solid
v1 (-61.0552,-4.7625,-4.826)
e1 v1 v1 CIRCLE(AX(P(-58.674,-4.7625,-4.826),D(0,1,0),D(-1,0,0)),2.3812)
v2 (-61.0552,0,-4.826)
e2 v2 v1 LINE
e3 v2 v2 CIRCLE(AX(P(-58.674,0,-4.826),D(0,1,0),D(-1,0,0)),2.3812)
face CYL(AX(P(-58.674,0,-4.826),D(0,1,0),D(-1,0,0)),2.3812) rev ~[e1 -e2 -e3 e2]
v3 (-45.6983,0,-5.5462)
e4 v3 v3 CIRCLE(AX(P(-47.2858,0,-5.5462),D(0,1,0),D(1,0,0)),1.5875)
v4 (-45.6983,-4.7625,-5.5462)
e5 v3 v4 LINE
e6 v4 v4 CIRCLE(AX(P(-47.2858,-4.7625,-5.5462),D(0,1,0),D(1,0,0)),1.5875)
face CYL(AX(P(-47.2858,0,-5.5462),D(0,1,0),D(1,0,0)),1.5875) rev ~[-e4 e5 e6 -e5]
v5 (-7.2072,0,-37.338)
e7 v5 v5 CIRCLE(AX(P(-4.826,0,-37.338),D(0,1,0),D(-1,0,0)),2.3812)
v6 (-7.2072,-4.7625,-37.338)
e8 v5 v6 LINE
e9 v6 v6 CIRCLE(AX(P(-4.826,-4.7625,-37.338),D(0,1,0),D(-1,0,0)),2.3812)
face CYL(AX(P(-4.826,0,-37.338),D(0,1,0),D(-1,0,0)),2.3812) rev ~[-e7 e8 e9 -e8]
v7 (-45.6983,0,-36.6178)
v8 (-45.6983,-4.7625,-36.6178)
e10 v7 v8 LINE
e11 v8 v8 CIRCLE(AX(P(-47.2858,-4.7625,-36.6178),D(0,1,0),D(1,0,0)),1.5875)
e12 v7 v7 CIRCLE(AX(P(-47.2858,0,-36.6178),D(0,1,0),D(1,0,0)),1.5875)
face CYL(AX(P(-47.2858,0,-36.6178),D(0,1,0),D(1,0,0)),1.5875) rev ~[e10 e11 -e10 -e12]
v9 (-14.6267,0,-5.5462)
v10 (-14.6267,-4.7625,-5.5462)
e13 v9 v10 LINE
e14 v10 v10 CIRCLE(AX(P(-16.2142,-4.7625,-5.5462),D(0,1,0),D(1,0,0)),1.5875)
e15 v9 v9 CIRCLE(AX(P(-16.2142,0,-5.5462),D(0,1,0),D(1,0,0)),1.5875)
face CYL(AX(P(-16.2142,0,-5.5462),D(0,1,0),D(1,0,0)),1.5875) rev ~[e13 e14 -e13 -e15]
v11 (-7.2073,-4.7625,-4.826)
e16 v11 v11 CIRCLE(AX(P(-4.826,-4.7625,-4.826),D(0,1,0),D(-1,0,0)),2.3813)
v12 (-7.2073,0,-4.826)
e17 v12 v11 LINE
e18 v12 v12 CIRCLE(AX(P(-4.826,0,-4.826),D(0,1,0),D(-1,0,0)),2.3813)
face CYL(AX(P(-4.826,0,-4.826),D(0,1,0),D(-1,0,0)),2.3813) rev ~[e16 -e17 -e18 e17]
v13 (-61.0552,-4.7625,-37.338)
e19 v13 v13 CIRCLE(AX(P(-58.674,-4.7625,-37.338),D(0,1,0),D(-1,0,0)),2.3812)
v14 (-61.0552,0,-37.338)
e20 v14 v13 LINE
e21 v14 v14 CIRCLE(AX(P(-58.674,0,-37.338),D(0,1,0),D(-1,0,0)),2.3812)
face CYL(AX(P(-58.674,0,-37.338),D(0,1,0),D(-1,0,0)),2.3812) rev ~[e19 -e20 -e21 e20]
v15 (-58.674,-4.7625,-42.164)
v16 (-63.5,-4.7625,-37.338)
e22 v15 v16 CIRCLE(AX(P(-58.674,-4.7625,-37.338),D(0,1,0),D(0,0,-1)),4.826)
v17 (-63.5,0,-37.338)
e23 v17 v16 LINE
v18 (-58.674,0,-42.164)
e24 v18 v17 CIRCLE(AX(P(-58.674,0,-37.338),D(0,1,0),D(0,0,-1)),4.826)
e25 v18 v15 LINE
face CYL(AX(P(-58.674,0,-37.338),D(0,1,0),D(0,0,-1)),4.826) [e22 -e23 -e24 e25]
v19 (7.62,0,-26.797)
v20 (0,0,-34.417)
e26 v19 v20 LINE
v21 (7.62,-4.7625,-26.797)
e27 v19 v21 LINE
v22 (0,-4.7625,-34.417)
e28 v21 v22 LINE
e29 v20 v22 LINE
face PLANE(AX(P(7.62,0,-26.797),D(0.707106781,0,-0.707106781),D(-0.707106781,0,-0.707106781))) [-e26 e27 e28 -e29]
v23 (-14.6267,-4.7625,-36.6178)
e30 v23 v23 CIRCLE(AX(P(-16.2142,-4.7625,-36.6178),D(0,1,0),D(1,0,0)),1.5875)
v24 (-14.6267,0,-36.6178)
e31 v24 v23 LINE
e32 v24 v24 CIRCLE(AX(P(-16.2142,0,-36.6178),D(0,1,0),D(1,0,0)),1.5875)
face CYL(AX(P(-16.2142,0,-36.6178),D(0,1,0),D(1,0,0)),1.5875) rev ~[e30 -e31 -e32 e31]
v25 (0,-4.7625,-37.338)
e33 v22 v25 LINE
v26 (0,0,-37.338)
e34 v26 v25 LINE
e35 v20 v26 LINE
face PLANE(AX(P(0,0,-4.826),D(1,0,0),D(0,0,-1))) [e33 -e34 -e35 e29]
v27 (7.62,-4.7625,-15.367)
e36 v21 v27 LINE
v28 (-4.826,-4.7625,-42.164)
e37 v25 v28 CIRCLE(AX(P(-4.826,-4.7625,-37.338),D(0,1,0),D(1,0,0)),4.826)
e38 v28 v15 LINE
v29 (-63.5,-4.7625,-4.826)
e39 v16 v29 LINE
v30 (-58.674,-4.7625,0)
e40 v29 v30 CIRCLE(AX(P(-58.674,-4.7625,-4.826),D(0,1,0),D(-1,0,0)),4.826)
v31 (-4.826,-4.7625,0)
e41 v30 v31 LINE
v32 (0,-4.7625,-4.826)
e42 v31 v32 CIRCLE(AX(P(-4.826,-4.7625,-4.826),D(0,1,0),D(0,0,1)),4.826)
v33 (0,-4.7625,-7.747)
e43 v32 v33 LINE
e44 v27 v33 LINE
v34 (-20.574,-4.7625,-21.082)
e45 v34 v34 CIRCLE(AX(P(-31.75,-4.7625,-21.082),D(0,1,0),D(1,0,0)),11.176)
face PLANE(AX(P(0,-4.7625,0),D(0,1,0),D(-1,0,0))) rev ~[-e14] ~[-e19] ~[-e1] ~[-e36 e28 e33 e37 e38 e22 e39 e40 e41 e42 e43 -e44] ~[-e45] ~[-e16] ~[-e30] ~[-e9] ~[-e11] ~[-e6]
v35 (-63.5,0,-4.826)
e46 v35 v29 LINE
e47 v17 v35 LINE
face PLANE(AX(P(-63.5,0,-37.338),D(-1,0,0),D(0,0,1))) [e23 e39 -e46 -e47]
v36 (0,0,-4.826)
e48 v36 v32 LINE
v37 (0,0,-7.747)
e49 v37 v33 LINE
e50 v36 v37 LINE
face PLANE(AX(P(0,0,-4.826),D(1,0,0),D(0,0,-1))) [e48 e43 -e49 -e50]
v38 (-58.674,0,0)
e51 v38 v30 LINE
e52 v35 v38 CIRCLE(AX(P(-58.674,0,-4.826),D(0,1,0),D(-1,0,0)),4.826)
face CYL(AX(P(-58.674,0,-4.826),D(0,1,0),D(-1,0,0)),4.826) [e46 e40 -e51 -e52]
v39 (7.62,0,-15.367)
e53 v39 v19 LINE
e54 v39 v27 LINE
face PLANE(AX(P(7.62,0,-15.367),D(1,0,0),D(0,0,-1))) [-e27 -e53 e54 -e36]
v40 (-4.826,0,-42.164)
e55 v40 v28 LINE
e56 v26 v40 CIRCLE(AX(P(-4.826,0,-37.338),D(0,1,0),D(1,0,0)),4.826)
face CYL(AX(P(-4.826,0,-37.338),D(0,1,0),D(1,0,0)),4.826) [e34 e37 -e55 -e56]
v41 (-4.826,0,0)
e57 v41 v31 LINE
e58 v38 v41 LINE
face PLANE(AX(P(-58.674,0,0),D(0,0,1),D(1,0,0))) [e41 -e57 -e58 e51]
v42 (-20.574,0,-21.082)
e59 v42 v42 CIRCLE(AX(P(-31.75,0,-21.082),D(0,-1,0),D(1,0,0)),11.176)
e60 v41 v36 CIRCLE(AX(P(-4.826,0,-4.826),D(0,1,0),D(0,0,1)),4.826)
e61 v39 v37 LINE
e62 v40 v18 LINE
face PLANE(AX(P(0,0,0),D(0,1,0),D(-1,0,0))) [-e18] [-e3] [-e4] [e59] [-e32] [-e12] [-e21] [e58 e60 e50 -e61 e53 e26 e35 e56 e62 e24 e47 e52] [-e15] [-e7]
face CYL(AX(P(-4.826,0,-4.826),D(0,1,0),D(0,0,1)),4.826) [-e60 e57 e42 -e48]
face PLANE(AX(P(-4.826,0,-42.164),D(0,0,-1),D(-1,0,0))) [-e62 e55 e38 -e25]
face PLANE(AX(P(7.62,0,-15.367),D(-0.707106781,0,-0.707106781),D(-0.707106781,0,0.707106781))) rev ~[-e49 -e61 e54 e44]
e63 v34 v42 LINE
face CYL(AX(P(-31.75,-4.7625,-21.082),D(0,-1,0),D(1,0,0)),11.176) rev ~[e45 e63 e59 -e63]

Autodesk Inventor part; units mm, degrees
ref_plane "YZ Plane" through (0, 0, 0) normal (1, 0, 0) x (0, 1, 0)
ref_plane "XZ Plane" through (0, 0, 0) normal (0, 1, 0) x (-1, 0, 0)
ref_plane "XY Plane" through (0, 0, 0) normal (0, 0, 1) x (1, 0, 0)
sketch "Sketch1" plane through (0, 0, 0) normal (0, 1, 0) x (-1, 0, 0)
  line L0 (0, -4.826) -> (0, -37.338)
  line L1 (4.826, -42.164) -> (58.674, -42.164)
  line L2 (63.5, -37.338) -> (63.5, -4.826)
  line L3 (58.674, 0) -> (4.826, 0)
  arc A0 (4.826, 0) -> (0, -4.826) centre (4.826, -4.826) ccw
  arc A1 (63.5, -4.826) -> (58.674, 0) centre (58.674, -4.826) ccw
  arc A2 (58.674, -42.164) -> (63.5, -37.338) centre (58.674, -37.338) ccw
  arc A3 (0, -37.338) -> (4.826, -42.164) centre (4.826, -37.338) ccw
  circle A4 centre (4.826, -4.826) radius 4.826
  circle A5 centre (4.826, -37.338) radius 4.826
  circle A6 centre (58.674, -37.338) radius 4.826
  circle A7 centre (58.674, -4.826) radius 4.826
  circle A8 centre (58.674, -4.826) radius 2.3812
  circle A9 centre (58.674, -37.338) radius 2.3812
  circle A10 centre (4.826, -37.338) radius 2.3812
  circle A11 centre (4.826, -4.826) radius 2.3813
  point P0 (0, 0)
  point P1 (0, -42.164)
  point P2 (63.5, -42.164)
  dimension "d0" = 42.164
  dimension "d1" = 63.5
  dimension "d2" = 4.826
  dimension "d3" = 4.7625
  dimension "d4" = 4.7625
  dimension "d5" = 4.7625
extrude "Extrusion1" add sketch "Sketch1" against normal blind 4.7625
sketch "Sketch2" plane through (0, -4.7625, 0) normal (0, -1, 0) x (1, 0, 0)
  line L0 (0, -37.338) -> (0, -4.826) projected
  line L1 (0, -21.082) -> (-63.5, -21.082)
  line L2 (-63.5, -4.826) -> (-63.5, -37.338) projected
  line L3 (-58.674, -42.164) -> (-4.826, -42.164) projected
  line L4 (-31.75, -42.164) -> (-31.75, 0)
  circle A0 centre (-31.75, -21.082) radius 11.176
  line L5 (-31.75, -21.082) -> (-16.2142, -5.5462)
  line L6 (-31.75, -21.082) -> (-9.779, -21.082) construction
  line L7 (-31.75, -21.082) -> (-47.2858, -5.5462)
  line L8 (-47.2858, -5.5462) -> (-31.75, -21.082)
  line L9 (-31.75, -21.082) -> (-47.2858, -36.6178)
  line L10 (-47.2858, -36.6178) -> (-31.75, -21.082)
  line L11 (-31.75, -21.082) -> (-16.2142, -36.6178)
  circle A1 centre (-16.2142, -5.5462) radius 1.27
  circle A2 centre (-16.2142, -36.6178) radius 1.27
  circle A3 centre (-47.2858, -36.6178) radius 1.27
  circle A4 centre (-47.2858, -5.5462) radius 1.27
  point P0 (0, 0)
  dimension "d8" = 22.352
  dimension "d9" = 21.971
  dimension "d10" = 45
  dimension "d11" = 21.971
  dimension "d12" = 21.971
  dimension "d13" = 2.54
  dimension "d14" = 2.54
  dimension "d15" = 2.54
  dimension "d16" = 2.54
extrude "Extrusion2" cut sketch "Sketch2" against normal blind 21.971
sketch "Sketch3" plane through (0, -4.7625, 0) normal (0, -1, 0) x (1, 0, 0)
  point P0 (0, 0)
sketch "Sketch4" plane through (0, 0, 0) normal (0, 1, 0) x (1, 0, 0)
  line L0 (0, 4.826) -> (0, 37.338) projected
  line L1 (0, 21.082) -> (0, 15.367)
  line L2 (0, 15.367) -> (0, 21.082)
  line L3 (0, 21.082) -> (0, 26.797)
  line L4 (0, 15.367) -> (7.62, 15.367)
  line L5 (7.62, 15.367) -> (7.62, 26.797)
  line L6 (7.62, 26.797) -> (0, 26.797)
  line L7 (7.62, 15.367) -> (0, 7.747)
  line L8 (7.62, 15.367) -> (18.3963, 15.367) construction
  line L9 (7.62, 26.797) -> (0, 34.417)
  line L10 (0, 15.367) -> (-6.35, 15.367)
  line L11 (-6.35, 15.367) -> (-6.35, 26.797)
  line L12 (-6.35, 26.797) -> (0, 26.797)
  point P0 (0, 0)
  dimension "d19" = 5.715
  dimension "d20" = 5.715
  dimension "d21" = 7.62
  dimension "d22" = 135
  dimension "d23" = 6.35
extrude "Extrusion3" add sketch "Sketch4" against normal blind 4.7625 contours L0 L4 L7 | L6 L0 L9
extrude "Extrusion4" add sketch "Sketch4" against normal blind 9.525 contours L10 L11 L12 L0 | L0 L6 L5 L4
sketch "Sketch5" plane through (7.62, 0, -15.367) normal (1, 0, 0) x (0, 0, -1)
  line L0 (11.43, -4.7625) -> (0, -4.7625) projected
  line L1 (5.715, -4.7625) -> (5.715, -12.3825)
  circle A0 centre (5.715, -12.3825) radius 5.715
  point P0 (-15.367, 0)
  dimension "d28" = 7.62
  dimension "d29" = 11.43
extrude "Extrusion5" cut sketch "Sketch5" against normal blind 9.9441
sketch "Sketch6" plane through (0, 0, 0) normal (0, 1, 0) x (1, 0, 0)
  circle A0 centre (-16.2142, 5.5462) radius 1.27 projected
  circle A1 centre (-16.2142, 5.5462) radius 1.5875
  circle A2 centre (-47.2858, 5.5462) radius 1.27 projected
  circle A3 centre (-47.2858, 5.5462) radius 1.5875
  circle A4 centre (-47.2858, 36.6178) radius 1.27 projected
  circle A5 centre (-47.2858, 36.6178) radius 1.5875
  circle A6 centre (-16.2142, 36.6178) radius 1.27 projected
  circle A7 centre (-16.2142, 36.6178) radius 1.5875
  point P0 (0, 0)
  dimension "d46" = 3.175
  dimension "d47" = 3.175
  dimension "d48" = 3.175
  dimension "d49" = 3.175
extrude "Extrusion6" cut sketch "Sketch6" against normal up to surface (4.7625 mm away)
sketch "Sketch7" plane through (-6.35, -9.525, -26.797) normal (-1, 0, 0) x (0, 0, 1)
  line L0 (0, 4.7625) -> (0, 0) projected
  line L1 (0, 4.7625) -> (11.43, 4.7625) projected
  line L2 (0, 0) -> (11.43, 0)
  line L3 (11.43, 0) -> (11.43, 4.7625)
  line L4 (11.43, 4.7625) -> (0, 4.7625)
  line L5 (0, 4.7625) -> (0, 0)
  point P0 (26.797, 9.525)
extrude "Extrusion7" cut sketch "Sketch7" against normal up to surface (13.97 mm away)
equation "\"d17\" = d9"
properties part number "MotorTop_3DPrint"
